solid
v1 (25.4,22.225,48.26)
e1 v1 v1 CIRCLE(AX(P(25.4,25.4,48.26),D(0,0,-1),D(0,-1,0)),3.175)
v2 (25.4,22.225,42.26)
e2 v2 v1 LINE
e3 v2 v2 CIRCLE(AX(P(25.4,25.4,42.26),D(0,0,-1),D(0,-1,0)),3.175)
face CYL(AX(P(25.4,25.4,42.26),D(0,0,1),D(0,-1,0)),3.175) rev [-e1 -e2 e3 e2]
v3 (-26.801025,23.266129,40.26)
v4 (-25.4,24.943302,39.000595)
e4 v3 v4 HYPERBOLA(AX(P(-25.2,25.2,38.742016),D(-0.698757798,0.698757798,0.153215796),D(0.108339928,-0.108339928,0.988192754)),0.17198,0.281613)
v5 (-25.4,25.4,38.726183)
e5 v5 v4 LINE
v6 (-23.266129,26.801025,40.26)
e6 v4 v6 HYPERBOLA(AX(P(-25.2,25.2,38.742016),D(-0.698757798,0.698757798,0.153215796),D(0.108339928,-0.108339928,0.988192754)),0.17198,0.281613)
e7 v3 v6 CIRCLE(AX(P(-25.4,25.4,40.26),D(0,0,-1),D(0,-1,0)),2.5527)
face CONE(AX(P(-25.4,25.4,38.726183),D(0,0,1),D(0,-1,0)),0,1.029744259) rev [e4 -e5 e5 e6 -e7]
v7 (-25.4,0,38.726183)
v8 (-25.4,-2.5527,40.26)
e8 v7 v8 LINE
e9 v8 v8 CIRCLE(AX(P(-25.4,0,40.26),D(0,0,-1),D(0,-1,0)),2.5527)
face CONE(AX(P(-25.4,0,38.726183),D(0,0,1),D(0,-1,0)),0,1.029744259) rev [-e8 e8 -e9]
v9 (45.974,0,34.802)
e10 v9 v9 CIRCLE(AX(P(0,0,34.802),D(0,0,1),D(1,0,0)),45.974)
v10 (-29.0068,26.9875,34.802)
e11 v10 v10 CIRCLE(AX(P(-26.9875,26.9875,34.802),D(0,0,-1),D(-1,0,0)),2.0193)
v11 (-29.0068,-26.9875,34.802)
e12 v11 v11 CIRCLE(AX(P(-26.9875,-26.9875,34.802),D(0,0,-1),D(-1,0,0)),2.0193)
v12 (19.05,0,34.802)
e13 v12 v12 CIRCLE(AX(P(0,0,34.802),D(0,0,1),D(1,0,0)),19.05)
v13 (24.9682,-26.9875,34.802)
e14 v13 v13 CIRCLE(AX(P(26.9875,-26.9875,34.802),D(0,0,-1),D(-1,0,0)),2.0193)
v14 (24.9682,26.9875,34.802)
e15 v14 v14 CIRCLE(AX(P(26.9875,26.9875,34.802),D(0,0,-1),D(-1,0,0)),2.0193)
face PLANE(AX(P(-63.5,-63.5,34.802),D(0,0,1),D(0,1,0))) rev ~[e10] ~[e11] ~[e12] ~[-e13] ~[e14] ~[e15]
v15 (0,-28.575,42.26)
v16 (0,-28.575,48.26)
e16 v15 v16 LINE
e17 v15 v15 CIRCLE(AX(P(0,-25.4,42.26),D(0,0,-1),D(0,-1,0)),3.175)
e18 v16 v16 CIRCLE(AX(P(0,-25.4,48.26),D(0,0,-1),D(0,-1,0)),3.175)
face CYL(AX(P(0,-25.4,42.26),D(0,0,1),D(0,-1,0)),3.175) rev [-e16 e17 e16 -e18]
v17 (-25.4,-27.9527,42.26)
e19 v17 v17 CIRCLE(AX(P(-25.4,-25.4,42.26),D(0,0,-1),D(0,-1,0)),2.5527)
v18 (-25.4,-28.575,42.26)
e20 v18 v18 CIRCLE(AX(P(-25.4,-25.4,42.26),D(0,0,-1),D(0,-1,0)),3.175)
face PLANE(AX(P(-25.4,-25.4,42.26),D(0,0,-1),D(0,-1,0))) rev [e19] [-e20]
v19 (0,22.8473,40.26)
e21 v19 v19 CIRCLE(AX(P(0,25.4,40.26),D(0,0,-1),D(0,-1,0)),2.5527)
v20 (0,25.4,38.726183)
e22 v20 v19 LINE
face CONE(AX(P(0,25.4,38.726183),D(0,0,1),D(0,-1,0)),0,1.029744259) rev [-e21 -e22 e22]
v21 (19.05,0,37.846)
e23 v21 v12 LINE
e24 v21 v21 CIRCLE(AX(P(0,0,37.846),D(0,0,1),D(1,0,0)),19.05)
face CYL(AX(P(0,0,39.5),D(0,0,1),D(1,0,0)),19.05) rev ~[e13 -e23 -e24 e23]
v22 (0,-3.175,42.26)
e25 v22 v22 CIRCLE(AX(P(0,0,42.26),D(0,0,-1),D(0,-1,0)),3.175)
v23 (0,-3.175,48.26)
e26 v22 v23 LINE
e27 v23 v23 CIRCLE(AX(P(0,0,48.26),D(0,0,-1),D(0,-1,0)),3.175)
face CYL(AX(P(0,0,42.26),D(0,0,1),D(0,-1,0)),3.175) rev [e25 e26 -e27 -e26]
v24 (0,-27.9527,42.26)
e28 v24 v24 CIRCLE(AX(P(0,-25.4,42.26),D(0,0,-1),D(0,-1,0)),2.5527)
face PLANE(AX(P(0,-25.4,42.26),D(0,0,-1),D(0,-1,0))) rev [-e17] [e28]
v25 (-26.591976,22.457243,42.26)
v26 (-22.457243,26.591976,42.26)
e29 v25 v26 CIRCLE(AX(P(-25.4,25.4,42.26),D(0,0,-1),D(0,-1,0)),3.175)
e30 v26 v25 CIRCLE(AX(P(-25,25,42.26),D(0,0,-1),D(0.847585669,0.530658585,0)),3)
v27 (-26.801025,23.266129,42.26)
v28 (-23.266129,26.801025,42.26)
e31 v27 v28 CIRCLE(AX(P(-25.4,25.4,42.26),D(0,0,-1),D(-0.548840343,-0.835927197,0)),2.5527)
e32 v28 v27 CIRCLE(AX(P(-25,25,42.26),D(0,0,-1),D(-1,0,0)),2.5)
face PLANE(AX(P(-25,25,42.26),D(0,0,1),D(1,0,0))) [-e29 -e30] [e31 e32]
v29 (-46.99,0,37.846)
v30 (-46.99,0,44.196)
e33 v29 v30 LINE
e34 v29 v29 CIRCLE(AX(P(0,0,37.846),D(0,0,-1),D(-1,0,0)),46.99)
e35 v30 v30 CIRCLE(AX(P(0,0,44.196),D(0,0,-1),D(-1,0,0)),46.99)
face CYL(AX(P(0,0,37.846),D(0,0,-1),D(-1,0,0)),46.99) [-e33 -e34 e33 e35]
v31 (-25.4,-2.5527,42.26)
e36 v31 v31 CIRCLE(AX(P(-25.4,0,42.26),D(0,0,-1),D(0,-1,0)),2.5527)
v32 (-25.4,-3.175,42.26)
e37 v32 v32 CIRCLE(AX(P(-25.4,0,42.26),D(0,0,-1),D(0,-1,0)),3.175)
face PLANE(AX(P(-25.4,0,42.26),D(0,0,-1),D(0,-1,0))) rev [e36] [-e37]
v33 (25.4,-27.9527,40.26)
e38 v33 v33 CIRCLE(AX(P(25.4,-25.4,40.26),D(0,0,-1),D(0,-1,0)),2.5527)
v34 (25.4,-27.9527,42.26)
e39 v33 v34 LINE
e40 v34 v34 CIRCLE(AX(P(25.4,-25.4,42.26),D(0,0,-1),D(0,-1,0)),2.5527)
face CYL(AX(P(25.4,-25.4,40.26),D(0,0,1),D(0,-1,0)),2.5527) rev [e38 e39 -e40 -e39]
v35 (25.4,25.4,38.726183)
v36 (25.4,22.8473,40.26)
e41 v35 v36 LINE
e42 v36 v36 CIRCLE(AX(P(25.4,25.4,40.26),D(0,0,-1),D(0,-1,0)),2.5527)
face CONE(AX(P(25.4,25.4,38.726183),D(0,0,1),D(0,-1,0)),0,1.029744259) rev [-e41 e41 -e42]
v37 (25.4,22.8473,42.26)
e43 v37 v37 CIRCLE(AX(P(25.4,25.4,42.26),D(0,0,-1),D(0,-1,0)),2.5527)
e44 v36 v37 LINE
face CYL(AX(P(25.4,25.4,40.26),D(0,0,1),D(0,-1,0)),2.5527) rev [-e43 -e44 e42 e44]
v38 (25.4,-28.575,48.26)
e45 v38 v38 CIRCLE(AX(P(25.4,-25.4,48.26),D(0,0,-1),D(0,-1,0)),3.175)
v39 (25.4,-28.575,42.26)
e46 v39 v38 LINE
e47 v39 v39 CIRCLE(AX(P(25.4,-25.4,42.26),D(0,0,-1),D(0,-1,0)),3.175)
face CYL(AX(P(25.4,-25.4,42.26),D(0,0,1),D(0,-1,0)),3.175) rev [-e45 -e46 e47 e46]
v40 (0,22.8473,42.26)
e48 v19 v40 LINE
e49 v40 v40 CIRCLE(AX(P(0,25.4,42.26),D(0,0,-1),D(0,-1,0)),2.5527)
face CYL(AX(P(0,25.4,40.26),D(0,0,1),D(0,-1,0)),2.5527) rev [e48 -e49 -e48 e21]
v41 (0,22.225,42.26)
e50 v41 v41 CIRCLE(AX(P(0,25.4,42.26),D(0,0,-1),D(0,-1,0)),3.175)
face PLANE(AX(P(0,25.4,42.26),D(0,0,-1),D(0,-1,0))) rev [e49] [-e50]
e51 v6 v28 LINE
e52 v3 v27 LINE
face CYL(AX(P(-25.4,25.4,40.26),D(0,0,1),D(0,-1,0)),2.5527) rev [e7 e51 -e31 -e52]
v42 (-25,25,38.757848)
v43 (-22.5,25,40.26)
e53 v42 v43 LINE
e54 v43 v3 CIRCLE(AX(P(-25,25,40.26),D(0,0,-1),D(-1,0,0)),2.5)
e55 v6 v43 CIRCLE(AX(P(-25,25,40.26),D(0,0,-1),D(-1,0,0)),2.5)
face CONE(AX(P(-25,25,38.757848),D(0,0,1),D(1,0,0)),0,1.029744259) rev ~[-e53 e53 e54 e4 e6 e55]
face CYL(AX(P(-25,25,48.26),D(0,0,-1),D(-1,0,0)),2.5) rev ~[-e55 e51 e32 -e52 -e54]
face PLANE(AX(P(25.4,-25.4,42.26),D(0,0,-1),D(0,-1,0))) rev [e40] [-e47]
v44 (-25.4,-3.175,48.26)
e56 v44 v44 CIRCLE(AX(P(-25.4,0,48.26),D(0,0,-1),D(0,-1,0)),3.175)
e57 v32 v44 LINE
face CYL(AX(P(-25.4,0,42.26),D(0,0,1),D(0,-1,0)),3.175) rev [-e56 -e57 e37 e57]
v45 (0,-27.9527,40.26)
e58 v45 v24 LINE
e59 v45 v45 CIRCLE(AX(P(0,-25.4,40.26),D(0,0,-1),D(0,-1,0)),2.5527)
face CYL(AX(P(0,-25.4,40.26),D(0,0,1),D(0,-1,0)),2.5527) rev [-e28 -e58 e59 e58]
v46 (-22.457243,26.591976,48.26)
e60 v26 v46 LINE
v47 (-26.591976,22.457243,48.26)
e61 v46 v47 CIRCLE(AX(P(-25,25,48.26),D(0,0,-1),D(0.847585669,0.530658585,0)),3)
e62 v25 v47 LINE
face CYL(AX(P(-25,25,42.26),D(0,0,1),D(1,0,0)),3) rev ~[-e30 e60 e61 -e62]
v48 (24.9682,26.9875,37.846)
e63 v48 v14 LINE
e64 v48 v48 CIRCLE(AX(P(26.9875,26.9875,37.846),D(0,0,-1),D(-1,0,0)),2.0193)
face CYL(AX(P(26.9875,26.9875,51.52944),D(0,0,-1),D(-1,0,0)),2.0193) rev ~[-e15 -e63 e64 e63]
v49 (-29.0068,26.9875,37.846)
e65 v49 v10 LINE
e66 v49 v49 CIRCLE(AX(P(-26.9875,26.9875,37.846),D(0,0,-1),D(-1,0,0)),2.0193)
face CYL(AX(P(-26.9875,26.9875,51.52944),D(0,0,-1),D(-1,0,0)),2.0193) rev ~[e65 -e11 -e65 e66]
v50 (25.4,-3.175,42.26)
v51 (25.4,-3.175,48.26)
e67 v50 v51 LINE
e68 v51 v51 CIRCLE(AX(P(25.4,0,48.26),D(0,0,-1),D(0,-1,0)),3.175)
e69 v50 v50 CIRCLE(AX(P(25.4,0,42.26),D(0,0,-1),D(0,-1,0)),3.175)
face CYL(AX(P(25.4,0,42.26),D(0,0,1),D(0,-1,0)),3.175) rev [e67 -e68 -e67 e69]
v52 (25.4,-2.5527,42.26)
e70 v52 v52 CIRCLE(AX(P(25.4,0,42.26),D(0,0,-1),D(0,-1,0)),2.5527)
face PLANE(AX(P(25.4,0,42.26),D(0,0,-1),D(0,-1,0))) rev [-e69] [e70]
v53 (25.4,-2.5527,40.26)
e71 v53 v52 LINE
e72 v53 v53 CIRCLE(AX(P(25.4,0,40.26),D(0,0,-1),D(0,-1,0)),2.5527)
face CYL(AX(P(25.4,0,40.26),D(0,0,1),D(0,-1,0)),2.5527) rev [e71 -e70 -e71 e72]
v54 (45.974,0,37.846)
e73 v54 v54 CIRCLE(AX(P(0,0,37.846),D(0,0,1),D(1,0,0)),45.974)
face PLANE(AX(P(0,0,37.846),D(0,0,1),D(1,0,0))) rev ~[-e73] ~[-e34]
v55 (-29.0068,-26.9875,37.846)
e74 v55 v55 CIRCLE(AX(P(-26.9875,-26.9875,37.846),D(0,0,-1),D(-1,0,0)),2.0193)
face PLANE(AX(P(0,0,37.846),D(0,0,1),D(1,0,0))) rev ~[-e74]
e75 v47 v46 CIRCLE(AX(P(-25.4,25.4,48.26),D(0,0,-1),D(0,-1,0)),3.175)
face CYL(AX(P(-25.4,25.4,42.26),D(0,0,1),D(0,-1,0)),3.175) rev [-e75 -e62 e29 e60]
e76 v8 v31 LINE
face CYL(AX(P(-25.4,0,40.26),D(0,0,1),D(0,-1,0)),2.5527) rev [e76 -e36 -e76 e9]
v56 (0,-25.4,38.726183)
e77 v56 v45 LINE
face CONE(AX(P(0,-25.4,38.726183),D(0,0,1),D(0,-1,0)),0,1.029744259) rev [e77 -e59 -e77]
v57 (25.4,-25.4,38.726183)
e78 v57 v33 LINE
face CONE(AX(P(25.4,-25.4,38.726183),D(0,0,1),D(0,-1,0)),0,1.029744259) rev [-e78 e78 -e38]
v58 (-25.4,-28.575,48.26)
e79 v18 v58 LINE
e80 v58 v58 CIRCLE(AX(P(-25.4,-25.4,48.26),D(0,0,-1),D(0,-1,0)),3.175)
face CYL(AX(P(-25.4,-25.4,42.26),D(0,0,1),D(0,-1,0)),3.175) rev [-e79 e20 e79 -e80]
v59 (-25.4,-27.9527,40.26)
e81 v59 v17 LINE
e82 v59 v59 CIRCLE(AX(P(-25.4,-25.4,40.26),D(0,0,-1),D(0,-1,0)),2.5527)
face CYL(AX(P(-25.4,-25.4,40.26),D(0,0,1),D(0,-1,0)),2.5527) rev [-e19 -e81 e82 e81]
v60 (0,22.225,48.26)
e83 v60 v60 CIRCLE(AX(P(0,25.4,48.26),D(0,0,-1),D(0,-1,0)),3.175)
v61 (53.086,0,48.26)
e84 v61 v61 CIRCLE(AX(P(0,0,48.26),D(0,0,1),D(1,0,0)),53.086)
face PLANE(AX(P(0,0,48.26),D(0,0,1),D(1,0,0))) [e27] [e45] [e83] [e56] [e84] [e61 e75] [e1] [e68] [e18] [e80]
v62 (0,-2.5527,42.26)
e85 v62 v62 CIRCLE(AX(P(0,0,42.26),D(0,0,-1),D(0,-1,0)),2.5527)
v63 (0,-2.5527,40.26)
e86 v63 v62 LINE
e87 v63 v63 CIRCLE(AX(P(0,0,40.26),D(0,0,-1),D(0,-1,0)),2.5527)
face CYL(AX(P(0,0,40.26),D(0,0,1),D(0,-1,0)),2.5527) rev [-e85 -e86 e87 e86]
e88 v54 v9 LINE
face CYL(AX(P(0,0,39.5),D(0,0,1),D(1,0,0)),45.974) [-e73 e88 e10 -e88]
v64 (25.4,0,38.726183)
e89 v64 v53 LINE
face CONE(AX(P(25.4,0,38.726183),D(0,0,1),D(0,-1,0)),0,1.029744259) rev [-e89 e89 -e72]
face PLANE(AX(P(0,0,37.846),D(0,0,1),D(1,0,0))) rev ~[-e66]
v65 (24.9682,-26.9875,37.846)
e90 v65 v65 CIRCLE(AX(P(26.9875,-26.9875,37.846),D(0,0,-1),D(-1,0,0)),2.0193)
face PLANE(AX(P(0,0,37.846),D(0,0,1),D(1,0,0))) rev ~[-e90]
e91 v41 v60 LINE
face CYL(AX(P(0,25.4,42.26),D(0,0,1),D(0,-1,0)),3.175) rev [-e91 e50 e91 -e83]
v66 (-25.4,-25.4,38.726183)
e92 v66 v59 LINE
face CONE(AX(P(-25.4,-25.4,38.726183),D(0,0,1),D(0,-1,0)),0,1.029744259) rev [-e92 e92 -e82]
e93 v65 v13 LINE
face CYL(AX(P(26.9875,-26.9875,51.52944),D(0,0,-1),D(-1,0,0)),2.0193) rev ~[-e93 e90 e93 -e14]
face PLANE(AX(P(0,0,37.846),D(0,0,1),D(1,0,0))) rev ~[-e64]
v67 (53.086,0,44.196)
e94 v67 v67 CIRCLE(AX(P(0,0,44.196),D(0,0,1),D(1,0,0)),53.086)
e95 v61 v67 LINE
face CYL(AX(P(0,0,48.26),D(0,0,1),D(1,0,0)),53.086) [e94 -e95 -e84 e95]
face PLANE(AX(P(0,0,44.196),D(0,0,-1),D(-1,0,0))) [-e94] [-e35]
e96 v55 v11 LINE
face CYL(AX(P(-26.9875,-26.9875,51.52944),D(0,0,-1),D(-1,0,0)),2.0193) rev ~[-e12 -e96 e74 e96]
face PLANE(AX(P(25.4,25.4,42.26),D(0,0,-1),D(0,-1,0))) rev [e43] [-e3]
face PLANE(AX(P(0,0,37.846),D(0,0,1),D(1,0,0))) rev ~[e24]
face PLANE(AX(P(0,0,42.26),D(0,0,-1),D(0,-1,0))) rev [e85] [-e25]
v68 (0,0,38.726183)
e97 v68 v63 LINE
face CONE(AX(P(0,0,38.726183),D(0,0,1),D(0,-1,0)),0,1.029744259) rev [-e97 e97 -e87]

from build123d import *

# Parameters (mm, degrees)
SKETCH2_W                        = 127
SKETCH2_H                        = 127
HOUSING_DEPTH                    = 39.5
SKETCH3_R                        = 19.05
CUT_EXTRUDE1_DEPTH               = 40.5
SKETCH4_OUTSIDE_W                = 165.78
SKETCH4_OUTSIDE_H                = 165.78
SKETCH4_OUTSIDE_R                = 45.974
CUT_EXTRUDE2_DEPTH               = 4.698
MOUNTING_POCKETS_DEPTH           = 24.384
ENG_METRIC_SLOT_VERTICAL_REACH   = 129
ENG_METRIC_SLOT_HORIZONTAL_DEPTH = 40.5
FILLET3_R                        = 0.508
F_10_32_TAPPED_HOLE1_D           = 4.0386
F_10_32_TAPPED_HOLE1_DEPTH       = 12.02944
F_10_32_TAPPED_HOLE1_TIP         = 1.213317848
SKETCH219_R                      = 53.086
EXTRUDE2_DEPTH                   = 10.414
SKETCH222_R                      = 53.086
SKETCH222_R_2                    = 46.99
CUT_EXTRUDE6_DEPTH               = 6.35
LPATTERN14_COUNT                 = 3
LPATTERN14_PITCH                 = 25.4
LPATTERN14_COUNT_DIR2            = 3
LPATTERN14_PITCH_DIR2            = 25.4
M6X1_0_TAPPED_HOLE1_D            = 5
M6X1_0_TAPPED_HOLE1_DEPTH        = 8
M6X1_0_TAPPED_HOLE1_CBORE_D      = 6
M6X1_0_TAPPED_HOLE1_CBORE_DEPTH  = 6
M6X1_0_TAPPED_HOLE1_TIP          = 1.502151548
SKETCH234_W                      = 34.802
SKETCH234_H                      = 127
CUT_EXTRUDE8_DEPTH               = 128


with BuildPart() as part:
    # Sketch2 → HOUSING (new body)
    with BuildSketch(Plane.XY):
        Rectangle(SKETCH2_W, SKETCH2_H)
    extrude(amount=HOUSING_DEPTH)

    # Sketch3 → Cut-Extrude1 (cut, through all)
    with BuildSketch(Plane.XY.offset(39.5)):
        Circle(SKETCH3_R)
    extrude(amount=-CUT_EXTRUDE1_DEPTH, mode=Mode.SUBTRACT)

    # Sketch4 outside → Cut-Extrude2 (cut)
    with BuildSketch(Plane.XY.offset(39.5)):
        Rectangle(SKETCH4_OUTSIDE_W, SKETCH4_OUTSIDE_H)
        Circle(SKETCH4_OUTSIDE_R, mode=Mode.SUBTRACT)
    extrude(amount=-CUT_EXTRUDE2_DEPTH, mode=Mode.SUBTRACT)

    # Sketch8 → MOUNTING POCKETS (cut)
    with BuildSketch(Plane.XY.offset(34.802)):
        with BuildLine():
            Line((3.048, -63.5), (3.048, -57.528018122))
            ThreePointArc((3.048, -57.528018122), (4.194729662, -53.888172274), (7.220748912, -51.562946647))
            Line((7.220748912, -51.562946647), (45.320748912, -37.656446647))
            ThreePointArc((45.320748912, -37.656446647), (51.137845848, -38.418247784), (53.848, -43.621518122))
            Line((53.848, -43.621518122), (53.848, -63.5))
            Line((53.848, -63.5), (3.048, -63.5))
        make_face()
        with BuildLine():
            Line((3.048, 63.5), (53.848, 63.5))
            Line((53.848, 63.5), (53.848, 43.621518122))
            ThreePointArc((53.848, 43.621518122), (51.137845848, 38.418247784), (45.320748912, 37.656446647))
            Line((45.320748912, 37.656446647), (7.220748912, 51.562946647))
            ThreePointArc((7.220748912, 51.562946647), (4.194729662, 53.888172274), (3.048, 57.528018122))
            Line((3.048, 57.528018122), (3.048, 63.5))
        make_face()
    extrude(amount=-MOUNTING_POCKETS_DEPTH, mode=Mode.SUBTRACT)

    # Sketch21 → ENG_METRIC SLOT VERTICAL (cut, up to next)
    with BuildSketch(Plane(origin=(63.5, -23.646142673, 1.166551585), x_dir=(0, 0, -1), z_dir=(1, 0, 0)), mode=Mode.PRIVATE) as eng_metric_slot_vertical_sk1:
        with BuildLine():
            Line((-20.641506099, 75.242113831), (-21.041506099, 76.042113831))
            ThreePointArc((-21.041506099, 76.042113831), (-25.829419573, 77.63808499), (-27.425390732, 72.850171515))
            Line((-27.425390732, 72.850171515), (-27.025390732, 72.050171515))
            ThreePointArc((-27.025390732, 72.050171515), (-22.237477257, 70.454200357), (-20.641506099, 75.242113831))
        make_face()
    eng_metric_slot_vertical_tool1 = extrude(eng_metric_slot_vertical_sk1.sketch, amount=-ENG_METRIC_SLOT_VERTICAL_REACH, mode=Mode.PRIVATE) & part.part
    add(eng_metric_slot_vertical_tool1.solids().sort_by_distance((63.5, 50.4, 25.2))[0], mode=Mode.SUBTRACT)
    # Sketch21 → ENG_METRIC SLOT VERTICAL (cut, up to next)
    with BuildSketch(Plane(origin=(63.5, -23.646142673, 1.166551585), x_dir=(0, 0, -1), z_dir=(1, 0, 0)), mode=Mode.PRIVATE) as eng_metric_slot_vertical_sk2:
        with BuildLine():
            Line((-27.025390732, -24.757886169), (-27.425390732, -25.557886169))
            ThreePointArc((-27.425390732, -25.557886169), (-25.829419573, -30.345799643), (-21.041506099, -28.749828485))
            Line((-21.041506099, -28.749828485), (-20.641506099, -27.949828485))
            ThreePointArc((-20.641506099, -27.949828485), (-22.237477257, -23.16191501), (-27.025390732, -24.757886169))
        make_face()
    eng_metric_slot_vertical_tool2 = extrude(eng_metric_slot_vertical_sk2.sketch, amount=-ENG_METRIC_SLOT_VERTICAL_REACH, mode=Mode.PRIVATE) & part.part
    add(eng_metric_slot_vertical_tool2.solids().sort_by_distance((63.5, -50.4, 25.2))[0], mode=Mode.SUBTRACT)

    # Sketch212 → ENG_METRIC SLOT HORIZONTAL (cut, through all)
    with BuildSketch(Plane(origin=(34.062086582, -104.655987826, 0), x_dir=(-1, 0, 0), z_dir=(0, 0, -1))):
        with BuildLine():
            Line((12.254028899, 156.251958985), (11.854028899, 157.051958985))
            ThreePointArc((11.854028899, 157.051958985), (7.066115424, 158.647930143), (5.470144266, 153.860016668))
            Line((5.470144266, 153.860016668), (5.870144266, 153.060016668))
            ThreePointArc((5.870144266, 153.060016668), (10.658057741, 151.46404551), (12.254028899, 156.251958985))
        make_face()
        with BuildLine():
            Line((5.870144266, 56.251958985), (5.470144266, 55.451958985))
            ThreePointArc((5.470144266, 55.451958985), (7.066115424, 50.66404551), (11.854028899, 52.260016668))
            Line((11.854028899, 52.260016668), (12.254028899, 53.060016668))
            ThreePointArc((12.254028899, 53.060016668), (10.658057741, 57.847930143), (5.870144266, 56.251958985))
        make_face()
    extrude(amount=-ENG_METRIC_SLOT_HORIZONTAL_DEPTH, mode=Mode.SUBTRACT)

    # Fillet3
    fillet3_edges = [part.edges().sort_by_distance(p)[0] for p in [
        (3.048, -60.514009061, 10.418),
        (4.194729662, -53.888172274, 10.418),
        (26.270748912, -44.609696647, 10.418),
        (51.137845848, -38.418247784, 10.418),
        (53.848, -53.560759061, 10.418),
        (51.137845848, 38.418247784, 10.418),
        (26.270748912, 44.609696647, 10.418),
        (4.194729662, 53.888172274, 10.418),
        (3.048, 60.514009061, 10.418),
        (53.848, 53.560759061, 10.418),
    ]]
    fillet(fillet3_edges, radius=FILLET3_R)

    # #10-32 Tapped Hole1
    with Locations(Plane.XY.offset(39.5)):
        with Locations((26.9875, -26.9875), (26.9875, 26.9875), (-26.9875, 26.9875), (-26.9875, -26.9875)):
            Hole(F_10_32_TAPPED_HOLE1_D / 2, depth=F_10_32_TAPPED_HOLE1_DEPTH)
            with Locations((0, 0, -(F_10_32_TAPPED_HOLE1_DEPTH + F_10_32_TAPPED_HOLE1_TIP / 2))):  # 118° drill point
                Cone(0, F_10_32_TAPPED_HOLE1_D / 2, F_10_32_TAPPED_HOLE1_TIP, mode=Mode.SUBTRACT)

    # Sketch219 → Extrude2 (add)
    with BuildSketch(Plane.XY.offset(48.26)):
        Circle(SKETCH219_R)
    extrude(amount=-EXTRUDE2_DEPTH)

    # Sketch222 → Cut-Extrude6 (cut)
    with BuildSketch(Plane(origin=(0, 0, 37.846), x_dir=(-1, 0, 0), z_dir=(0, 0, -1))):
        Circle(SKETCH222_R)
        Circle(SKETCH222_R_2, mode=Mode.SUBTRACT)
    extrude(amount=-CUT_EXTRUDE6_DEPTH, mode=Mode.SUBTRACT)

    # Sketch230 → 1/4-20 Tapped Hole2 (revolve, cut)
    with BuildSketch(Plane(origin=(-25.4, 25.4, 48.26), x_dir=(0, -1, 0), z_dir=(1, 0, 0))):
        Polygon((0, 0), (0, 9.533816902), (2.5527, 8), (2.5527, 6), (3.175, 6), (3.175, 0), align=None)
    f_1_4_20_tapped_hole2 = revolve(axis=Axis((-25.4, 25.4, 54.61), (0, 0, -1)), mode=Mode.SUBTRACT)

    # LPattern14: 1_4-20 Tapped Hole2 3 × 3
    with Locations(*[(i * LPATTERN14_PITCH, -j * LPATTERN14_PITCH_DIR2, 0) for i in range(LPATTERN14_COUNT) for j in range(LPATTERN14_COUNT_DIR2) if (i, j) != (0, 0)]):
        add(f_1_4_20_tapped_hole2, mode=Mode.SUBTRACT)

    # M6x1.0 Tapped Hole1
    with Locations(Plane.XY.offset(48.26)):
        with Locations((-25, 25)):
            CounterBoreHole(M6X1_0_TAPPED_HOLE1_D / 2, M6X1_0_TAPPED_HOLE1_CBORE_D / 2, M6X1_0_TAPPED_HOLE1_CBORE_DEPTH, depth=M6X1_0_TAPPED_HOLE1_DEPTH)
            with Locations((0, 0, -(M6X1_0_TAPPED_HOLE1_DEPTH + M6X1_0_TAPPED_HOLE1_TIP / 2))):  # 118° drill point
                Cone(0, M6X1_0_TAPPED_HOLE1_D / 2, M6X1_0_TAPPED_HOLE1_TIP, mode=Mode.SUBTRACT)

    # Sketch234 → Cut-Extrude8 (cut, through all)
    with BuildSketch(Plane.ZY.offset(63.5)):
        with Locations((17.401, 0)):
            Rectangle(SKETCH234_W, SKETCH234_H)
    extrude(amount=-CUT_EXTRUDE8_DEPTH, mode=Mode.SUBTRACT)


solid = part.part
